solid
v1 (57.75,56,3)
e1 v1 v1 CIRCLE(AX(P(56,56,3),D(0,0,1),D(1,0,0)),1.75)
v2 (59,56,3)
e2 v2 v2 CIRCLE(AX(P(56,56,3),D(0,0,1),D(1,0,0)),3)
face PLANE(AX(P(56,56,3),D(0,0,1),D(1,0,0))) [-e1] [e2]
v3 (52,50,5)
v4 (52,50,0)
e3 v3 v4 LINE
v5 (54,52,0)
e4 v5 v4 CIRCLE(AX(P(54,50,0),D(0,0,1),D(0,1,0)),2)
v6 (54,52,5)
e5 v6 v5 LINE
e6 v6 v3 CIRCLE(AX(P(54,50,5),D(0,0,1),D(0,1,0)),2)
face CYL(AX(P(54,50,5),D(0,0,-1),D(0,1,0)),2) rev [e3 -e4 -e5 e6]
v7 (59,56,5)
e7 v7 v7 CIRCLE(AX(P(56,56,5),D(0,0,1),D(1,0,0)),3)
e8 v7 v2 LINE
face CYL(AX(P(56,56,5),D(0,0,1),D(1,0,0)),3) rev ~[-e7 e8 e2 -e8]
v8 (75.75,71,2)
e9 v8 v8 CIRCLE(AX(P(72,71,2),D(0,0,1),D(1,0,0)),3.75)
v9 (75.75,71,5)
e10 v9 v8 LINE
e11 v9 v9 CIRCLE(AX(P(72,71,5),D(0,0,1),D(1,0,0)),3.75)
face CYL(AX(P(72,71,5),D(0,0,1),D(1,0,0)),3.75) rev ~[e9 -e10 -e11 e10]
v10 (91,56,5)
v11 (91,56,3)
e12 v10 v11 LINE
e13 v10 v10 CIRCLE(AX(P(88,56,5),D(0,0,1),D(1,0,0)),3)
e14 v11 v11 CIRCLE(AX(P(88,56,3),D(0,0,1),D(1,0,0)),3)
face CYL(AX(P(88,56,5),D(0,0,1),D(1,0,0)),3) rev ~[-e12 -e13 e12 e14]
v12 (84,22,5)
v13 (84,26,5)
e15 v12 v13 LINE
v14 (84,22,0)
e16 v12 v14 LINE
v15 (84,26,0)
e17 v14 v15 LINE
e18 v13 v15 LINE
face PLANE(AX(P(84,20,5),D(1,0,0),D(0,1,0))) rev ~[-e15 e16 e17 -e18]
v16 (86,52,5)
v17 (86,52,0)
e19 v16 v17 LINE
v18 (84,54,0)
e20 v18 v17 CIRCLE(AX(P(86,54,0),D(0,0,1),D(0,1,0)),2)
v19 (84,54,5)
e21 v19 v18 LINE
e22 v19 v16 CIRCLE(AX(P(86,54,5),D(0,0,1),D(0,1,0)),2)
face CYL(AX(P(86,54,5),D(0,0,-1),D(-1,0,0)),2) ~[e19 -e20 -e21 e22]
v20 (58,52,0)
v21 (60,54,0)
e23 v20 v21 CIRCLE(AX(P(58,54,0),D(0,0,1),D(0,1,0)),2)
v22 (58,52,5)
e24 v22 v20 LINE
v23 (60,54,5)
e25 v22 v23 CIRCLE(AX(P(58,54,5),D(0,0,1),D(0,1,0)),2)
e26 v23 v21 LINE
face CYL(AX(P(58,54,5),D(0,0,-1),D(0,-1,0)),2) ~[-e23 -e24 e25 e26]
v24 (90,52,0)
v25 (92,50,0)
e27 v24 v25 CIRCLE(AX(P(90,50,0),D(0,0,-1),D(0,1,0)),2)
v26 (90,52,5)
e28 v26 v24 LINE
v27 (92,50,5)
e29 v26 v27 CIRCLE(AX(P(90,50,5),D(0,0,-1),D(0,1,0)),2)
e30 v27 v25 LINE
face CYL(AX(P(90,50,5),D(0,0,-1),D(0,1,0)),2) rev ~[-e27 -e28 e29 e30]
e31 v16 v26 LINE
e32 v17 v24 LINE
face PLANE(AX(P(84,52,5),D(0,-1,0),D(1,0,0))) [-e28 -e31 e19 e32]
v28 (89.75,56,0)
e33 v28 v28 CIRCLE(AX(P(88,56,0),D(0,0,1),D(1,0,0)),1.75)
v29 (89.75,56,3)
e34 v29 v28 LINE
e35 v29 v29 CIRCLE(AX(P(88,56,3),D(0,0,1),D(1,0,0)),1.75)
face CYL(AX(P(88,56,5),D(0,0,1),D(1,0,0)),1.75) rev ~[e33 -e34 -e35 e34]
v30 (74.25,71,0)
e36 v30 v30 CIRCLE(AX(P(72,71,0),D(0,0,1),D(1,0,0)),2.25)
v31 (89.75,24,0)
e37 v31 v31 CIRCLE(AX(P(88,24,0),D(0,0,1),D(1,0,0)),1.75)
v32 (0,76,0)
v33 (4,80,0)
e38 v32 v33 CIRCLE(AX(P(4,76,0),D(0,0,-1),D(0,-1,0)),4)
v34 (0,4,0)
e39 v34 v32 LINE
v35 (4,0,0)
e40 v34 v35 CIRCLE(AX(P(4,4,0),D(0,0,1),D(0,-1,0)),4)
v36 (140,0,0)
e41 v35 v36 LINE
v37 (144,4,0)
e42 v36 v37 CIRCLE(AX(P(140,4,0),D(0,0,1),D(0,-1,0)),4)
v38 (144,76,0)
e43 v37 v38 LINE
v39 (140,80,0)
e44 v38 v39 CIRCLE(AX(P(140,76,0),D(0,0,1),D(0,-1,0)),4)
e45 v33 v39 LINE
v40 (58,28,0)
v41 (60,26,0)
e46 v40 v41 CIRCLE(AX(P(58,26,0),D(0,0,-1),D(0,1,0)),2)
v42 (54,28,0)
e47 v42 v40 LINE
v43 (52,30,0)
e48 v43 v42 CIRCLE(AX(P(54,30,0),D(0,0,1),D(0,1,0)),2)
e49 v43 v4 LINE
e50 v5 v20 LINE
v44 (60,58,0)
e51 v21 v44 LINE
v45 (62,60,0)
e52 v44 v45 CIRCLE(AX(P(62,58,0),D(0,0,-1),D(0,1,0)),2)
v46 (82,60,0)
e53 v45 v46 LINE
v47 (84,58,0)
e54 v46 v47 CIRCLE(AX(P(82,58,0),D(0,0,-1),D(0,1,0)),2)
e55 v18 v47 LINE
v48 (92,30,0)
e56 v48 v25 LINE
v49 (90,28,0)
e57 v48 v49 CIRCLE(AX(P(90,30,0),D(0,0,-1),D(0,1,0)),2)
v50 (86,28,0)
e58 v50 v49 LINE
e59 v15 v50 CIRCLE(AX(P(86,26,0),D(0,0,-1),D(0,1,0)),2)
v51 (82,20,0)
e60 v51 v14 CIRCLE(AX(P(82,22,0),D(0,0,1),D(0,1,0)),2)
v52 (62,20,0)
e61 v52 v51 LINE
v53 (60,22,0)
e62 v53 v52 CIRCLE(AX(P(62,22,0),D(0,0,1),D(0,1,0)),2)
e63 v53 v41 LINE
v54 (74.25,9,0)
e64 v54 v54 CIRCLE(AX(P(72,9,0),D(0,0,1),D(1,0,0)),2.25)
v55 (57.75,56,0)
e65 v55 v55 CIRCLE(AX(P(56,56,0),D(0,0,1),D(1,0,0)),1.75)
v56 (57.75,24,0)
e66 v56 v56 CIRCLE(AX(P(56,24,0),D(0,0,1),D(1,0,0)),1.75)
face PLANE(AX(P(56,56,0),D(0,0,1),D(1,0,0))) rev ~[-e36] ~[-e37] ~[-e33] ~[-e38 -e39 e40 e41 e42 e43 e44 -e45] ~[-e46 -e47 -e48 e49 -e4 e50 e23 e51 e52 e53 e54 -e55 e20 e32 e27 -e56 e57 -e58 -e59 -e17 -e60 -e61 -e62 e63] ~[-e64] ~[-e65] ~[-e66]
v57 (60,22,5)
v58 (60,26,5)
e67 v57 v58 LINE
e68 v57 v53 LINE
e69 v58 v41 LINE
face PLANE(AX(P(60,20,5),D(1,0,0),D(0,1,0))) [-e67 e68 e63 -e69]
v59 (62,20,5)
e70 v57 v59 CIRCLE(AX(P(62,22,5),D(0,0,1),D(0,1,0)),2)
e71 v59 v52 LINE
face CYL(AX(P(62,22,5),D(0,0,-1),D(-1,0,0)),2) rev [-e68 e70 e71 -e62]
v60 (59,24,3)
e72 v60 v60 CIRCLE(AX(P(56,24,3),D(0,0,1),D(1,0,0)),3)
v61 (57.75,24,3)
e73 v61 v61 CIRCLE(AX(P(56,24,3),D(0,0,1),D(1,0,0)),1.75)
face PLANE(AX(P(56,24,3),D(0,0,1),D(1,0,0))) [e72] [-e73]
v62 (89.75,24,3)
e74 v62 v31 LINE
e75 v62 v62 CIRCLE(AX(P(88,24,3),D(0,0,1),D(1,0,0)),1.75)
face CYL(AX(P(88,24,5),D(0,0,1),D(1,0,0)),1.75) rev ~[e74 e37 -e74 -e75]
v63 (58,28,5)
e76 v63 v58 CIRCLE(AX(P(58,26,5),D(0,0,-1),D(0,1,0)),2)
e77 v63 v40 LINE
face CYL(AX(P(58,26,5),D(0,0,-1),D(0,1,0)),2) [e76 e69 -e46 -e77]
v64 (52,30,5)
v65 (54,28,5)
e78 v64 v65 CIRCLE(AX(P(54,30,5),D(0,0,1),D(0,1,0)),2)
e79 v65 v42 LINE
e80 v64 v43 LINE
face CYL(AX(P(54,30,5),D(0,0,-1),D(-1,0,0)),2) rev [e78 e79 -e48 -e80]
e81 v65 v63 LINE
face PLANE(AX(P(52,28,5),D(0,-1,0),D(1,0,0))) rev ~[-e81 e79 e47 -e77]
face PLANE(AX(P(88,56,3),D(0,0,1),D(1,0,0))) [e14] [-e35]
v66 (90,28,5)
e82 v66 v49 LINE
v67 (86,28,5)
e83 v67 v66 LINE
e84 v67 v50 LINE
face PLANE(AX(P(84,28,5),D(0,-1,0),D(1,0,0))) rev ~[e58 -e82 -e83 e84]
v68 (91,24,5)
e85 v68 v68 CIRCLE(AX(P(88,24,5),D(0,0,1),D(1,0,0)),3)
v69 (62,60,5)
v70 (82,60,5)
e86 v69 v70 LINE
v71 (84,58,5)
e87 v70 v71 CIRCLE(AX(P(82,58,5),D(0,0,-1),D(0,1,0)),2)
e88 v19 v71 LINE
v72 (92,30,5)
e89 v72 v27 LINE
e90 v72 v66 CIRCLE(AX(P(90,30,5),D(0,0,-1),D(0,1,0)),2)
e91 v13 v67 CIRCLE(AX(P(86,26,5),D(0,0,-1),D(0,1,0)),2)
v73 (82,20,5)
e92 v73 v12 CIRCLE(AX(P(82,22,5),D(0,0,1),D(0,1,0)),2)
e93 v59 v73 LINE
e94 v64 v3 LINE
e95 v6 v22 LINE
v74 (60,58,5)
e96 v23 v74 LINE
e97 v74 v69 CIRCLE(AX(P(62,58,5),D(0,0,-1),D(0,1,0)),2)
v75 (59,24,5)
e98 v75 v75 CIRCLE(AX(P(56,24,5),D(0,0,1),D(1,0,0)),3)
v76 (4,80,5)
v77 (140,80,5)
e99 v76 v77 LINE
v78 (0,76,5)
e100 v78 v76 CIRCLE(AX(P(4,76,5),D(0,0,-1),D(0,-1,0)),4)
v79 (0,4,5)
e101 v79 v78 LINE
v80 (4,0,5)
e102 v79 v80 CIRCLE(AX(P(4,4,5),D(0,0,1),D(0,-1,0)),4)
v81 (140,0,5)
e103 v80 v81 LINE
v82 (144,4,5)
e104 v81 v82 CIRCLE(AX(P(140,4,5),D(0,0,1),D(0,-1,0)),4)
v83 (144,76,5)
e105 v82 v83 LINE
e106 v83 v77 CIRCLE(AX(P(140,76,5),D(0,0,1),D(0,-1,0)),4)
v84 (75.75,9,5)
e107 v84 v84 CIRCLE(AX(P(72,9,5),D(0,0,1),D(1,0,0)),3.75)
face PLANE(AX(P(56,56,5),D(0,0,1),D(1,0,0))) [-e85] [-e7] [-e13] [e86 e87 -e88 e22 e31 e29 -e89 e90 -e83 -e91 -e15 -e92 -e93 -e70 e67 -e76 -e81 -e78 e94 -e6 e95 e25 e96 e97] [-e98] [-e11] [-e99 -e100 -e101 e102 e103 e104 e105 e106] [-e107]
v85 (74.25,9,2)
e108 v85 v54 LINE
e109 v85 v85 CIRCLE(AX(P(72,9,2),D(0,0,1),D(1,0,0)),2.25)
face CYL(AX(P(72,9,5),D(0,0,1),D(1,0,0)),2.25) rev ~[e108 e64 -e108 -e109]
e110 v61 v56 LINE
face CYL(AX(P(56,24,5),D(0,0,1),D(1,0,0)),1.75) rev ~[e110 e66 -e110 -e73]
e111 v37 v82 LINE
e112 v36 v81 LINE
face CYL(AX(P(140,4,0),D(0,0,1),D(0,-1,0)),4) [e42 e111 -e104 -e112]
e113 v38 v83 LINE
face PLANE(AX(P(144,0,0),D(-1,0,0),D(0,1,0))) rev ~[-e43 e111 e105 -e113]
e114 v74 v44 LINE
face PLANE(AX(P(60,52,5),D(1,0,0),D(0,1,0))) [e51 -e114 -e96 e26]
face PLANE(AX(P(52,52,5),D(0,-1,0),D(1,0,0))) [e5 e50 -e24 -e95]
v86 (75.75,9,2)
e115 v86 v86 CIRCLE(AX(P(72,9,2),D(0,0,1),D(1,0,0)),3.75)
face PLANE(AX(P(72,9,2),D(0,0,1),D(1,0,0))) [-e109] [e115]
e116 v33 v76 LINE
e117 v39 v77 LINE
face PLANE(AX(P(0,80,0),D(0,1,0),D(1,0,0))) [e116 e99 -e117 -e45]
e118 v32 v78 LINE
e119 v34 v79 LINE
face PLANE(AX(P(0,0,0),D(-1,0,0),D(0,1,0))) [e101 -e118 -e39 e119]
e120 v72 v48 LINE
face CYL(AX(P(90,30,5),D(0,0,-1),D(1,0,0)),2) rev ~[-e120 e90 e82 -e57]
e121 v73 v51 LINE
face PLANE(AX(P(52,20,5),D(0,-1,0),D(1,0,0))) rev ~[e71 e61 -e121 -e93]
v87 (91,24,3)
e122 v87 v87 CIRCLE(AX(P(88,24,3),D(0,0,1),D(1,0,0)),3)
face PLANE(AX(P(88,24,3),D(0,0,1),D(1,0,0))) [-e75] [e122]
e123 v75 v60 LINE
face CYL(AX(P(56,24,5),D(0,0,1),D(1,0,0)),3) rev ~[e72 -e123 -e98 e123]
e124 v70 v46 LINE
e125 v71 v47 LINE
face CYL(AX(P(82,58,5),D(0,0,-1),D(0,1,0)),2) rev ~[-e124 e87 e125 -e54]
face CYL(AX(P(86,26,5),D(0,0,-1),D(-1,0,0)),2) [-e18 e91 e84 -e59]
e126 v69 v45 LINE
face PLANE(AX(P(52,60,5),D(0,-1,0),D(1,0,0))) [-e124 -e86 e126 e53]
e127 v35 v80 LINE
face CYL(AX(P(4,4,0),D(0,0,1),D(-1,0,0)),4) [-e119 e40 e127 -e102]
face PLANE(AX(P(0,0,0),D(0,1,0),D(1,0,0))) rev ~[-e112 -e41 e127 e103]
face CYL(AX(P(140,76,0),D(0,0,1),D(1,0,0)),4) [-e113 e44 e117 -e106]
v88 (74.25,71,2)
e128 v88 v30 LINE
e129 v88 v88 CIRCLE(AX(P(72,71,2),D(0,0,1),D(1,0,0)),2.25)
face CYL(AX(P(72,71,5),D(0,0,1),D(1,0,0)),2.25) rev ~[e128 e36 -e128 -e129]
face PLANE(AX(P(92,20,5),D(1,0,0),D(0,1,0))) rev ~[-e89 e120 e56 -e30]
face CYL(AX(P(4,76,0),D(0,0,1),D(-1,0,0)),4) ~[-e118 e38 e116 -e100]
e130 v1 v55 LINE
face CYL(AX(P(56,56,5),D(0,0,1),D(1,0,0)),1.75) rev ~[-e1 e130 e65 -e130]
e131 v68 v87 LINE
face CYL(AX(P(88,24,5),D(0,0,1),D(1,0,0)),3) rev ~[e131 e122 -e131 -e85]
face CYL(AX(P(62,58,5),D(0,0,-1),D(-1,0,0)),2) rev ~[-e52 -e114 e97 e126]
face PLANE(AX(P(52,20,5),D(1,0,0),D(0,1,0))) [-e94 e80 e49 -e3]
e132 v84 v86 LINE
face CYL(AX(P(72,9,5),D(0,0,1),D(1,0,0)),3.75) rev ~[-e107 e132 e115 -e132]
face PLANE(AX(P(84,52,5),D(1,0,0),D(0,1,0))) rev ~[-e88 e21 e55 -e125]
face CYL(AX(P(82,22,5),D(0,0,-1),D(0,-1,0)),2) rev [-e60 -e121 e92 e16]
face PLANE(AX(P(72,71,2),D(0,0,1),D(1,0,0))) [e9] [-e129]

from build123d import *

# Parameters (mm, degrees)
SKETCH_W        = 144
SKETCH_H        = 80
PAD_DEPTH       = 5
FILLET_R        = 4
SKETCH001_R     = 2.25
POCKET_DEPTH    = 10
SKETCH002_R     = 3.75
POCKET001_DEPTH = 3
SKETCH003_W     = 40
SKETCH003_H     = 40
POCKET002_DEPTH = 5
SKETCH004_W     = 8
SKETCH004_H     = 8
PAD001_DEPTH    = 5
SKETCH005_R     = 1.75
POCKET003_DEPTH = 5
FILLET001_R     = 2
SKETCH006_R     = 3
POCKET004_DEPTH = 2


with BuildPart() as part:
    # Sketch → Pad (new body)
    with BuildSketch(Plane.XY):
        with Locations((72, 40)):
            Rectangle(SKETCH_W, SKETCH_H)
    extrude(amount=PAD_DEPTH)

    # Fillet
    fillet_edges = [part.edges().sort_by_distance(p)[0] for p in [
        (144, 0, 2.5),
        (144, 80, 2.5),
        (0, 0, 2.5),
        (0, 80, 2.5),
    ]]
    fillet(fillet_edges, radius=FILLET_R)

    # Sketch001 (on Face5 of Fillet) → Pocket (cut)
    with BuildSketch(Plane.XY.offset(5)):
        with Locations((72, 9)):
            Circle(SKETCH001_R)
        with Locations((72, 71)):
            Circle(SKETCH001_R)
    extrude(amount=-POCKET_DEPTH, mode=Mode.SUBTRACT)

    # Sketch002 (on Face5 of Pocket) → Pocket001 (cut)
    with BuildSketch(Plane.XY.offset(5)):
        with Locations((72, 9)):
            Circle(SKETCH002_R)
        with Locations((72, 71)):
            Circle(SKETCH002_R)
    extrude(amount=-POCKET001_DEPTH, mode=Mode.SUBTRACT)

    # Sketch003 (on Face5 of Pocket001) → Pocket002 (cut)
    with BuildSketch(Plane.XY.offset(5)):
        with Locations((72, 40)):
            Rectangle(SKETCH003_W, SKETCH003_H)
    extrude(amount=-POCKET002_DEPTH, mode=Mode.SUBTRACT)

    # Sketch004 (on Face5 of Pocket002) → Pad001 (join)
    with BuildSketch(Plane.XY.offset(5)):
        with Locations((56, 56)):
            Rectangle(SKETCH004_W, SKETCH004_H)
        with Locations((56, 24)):
            Rectangle(SKETCH004_W, SKETCH004_H)
        with Locations((88, 24)):
            Rectangle(SKETCH004_W, SKETCH004_H)
        with Locations((88, 56)):
            Rectangle(SKETCH004_W, SKETCH004_H)
    extrude(amount=-PAD001_DEPTH)

    # Sketch005 (on Face28 of Pad001) → Pocket003 (cut)
    with BuildSketch(Plane.XY.offset(5)):
        with Locations((56, 56)):
            Circle(SKETCH005_R)
        with Locations((88, 56)):
            Circle(SKETCH005_R)
        with Locations((56, 24)):
            Circle(SKETCH005_R)
        with Locations((88, 24)):
            Circle(SKETCH005_R)
    extrude(amount=-POCKET003_DEPTH, mode=Mode.SUBTRACT)

    # Fillet001
    fillet001_edges = [part.edges().sort_by_distance(p)[0] for p in [
        (60, 52, 2.5),
        (60, 60, 2.5),
        (52, 52, 2.5),
        (52, 28, 2.5),
        (60, 28, 2.5),
        (60, 20, 2.5),
        (84, 28, 2.5),
        (92, 28, 2.5),
        (84, 20, 2.5),
        (84, 60, 2.5),
        (84, 52, 2.5),
        (92, 52, 2.5),
    ]]
    fillet(fillet001_edges, radius=FILLET001_R)

    # Sketch006 (on Face40 of Fillet001) → Pocket004 (cut)
    with BuildSketch(Plane.XY.offset(5)):
        with Locations((56, 24)):
            Circle(SKETCH006_R)
        with Locations((56, 56)):
            Circle(SKETCH006_R)
        with Locations((88, 56)):
            Circle(SKETCH006_R)
        with Locations((88, 24)):
            Circle(SKETCH006_R)
    extrude(amount=-POCKET004_DEPTH, mode=Mode.SUBTRACT)


solid = part.part
